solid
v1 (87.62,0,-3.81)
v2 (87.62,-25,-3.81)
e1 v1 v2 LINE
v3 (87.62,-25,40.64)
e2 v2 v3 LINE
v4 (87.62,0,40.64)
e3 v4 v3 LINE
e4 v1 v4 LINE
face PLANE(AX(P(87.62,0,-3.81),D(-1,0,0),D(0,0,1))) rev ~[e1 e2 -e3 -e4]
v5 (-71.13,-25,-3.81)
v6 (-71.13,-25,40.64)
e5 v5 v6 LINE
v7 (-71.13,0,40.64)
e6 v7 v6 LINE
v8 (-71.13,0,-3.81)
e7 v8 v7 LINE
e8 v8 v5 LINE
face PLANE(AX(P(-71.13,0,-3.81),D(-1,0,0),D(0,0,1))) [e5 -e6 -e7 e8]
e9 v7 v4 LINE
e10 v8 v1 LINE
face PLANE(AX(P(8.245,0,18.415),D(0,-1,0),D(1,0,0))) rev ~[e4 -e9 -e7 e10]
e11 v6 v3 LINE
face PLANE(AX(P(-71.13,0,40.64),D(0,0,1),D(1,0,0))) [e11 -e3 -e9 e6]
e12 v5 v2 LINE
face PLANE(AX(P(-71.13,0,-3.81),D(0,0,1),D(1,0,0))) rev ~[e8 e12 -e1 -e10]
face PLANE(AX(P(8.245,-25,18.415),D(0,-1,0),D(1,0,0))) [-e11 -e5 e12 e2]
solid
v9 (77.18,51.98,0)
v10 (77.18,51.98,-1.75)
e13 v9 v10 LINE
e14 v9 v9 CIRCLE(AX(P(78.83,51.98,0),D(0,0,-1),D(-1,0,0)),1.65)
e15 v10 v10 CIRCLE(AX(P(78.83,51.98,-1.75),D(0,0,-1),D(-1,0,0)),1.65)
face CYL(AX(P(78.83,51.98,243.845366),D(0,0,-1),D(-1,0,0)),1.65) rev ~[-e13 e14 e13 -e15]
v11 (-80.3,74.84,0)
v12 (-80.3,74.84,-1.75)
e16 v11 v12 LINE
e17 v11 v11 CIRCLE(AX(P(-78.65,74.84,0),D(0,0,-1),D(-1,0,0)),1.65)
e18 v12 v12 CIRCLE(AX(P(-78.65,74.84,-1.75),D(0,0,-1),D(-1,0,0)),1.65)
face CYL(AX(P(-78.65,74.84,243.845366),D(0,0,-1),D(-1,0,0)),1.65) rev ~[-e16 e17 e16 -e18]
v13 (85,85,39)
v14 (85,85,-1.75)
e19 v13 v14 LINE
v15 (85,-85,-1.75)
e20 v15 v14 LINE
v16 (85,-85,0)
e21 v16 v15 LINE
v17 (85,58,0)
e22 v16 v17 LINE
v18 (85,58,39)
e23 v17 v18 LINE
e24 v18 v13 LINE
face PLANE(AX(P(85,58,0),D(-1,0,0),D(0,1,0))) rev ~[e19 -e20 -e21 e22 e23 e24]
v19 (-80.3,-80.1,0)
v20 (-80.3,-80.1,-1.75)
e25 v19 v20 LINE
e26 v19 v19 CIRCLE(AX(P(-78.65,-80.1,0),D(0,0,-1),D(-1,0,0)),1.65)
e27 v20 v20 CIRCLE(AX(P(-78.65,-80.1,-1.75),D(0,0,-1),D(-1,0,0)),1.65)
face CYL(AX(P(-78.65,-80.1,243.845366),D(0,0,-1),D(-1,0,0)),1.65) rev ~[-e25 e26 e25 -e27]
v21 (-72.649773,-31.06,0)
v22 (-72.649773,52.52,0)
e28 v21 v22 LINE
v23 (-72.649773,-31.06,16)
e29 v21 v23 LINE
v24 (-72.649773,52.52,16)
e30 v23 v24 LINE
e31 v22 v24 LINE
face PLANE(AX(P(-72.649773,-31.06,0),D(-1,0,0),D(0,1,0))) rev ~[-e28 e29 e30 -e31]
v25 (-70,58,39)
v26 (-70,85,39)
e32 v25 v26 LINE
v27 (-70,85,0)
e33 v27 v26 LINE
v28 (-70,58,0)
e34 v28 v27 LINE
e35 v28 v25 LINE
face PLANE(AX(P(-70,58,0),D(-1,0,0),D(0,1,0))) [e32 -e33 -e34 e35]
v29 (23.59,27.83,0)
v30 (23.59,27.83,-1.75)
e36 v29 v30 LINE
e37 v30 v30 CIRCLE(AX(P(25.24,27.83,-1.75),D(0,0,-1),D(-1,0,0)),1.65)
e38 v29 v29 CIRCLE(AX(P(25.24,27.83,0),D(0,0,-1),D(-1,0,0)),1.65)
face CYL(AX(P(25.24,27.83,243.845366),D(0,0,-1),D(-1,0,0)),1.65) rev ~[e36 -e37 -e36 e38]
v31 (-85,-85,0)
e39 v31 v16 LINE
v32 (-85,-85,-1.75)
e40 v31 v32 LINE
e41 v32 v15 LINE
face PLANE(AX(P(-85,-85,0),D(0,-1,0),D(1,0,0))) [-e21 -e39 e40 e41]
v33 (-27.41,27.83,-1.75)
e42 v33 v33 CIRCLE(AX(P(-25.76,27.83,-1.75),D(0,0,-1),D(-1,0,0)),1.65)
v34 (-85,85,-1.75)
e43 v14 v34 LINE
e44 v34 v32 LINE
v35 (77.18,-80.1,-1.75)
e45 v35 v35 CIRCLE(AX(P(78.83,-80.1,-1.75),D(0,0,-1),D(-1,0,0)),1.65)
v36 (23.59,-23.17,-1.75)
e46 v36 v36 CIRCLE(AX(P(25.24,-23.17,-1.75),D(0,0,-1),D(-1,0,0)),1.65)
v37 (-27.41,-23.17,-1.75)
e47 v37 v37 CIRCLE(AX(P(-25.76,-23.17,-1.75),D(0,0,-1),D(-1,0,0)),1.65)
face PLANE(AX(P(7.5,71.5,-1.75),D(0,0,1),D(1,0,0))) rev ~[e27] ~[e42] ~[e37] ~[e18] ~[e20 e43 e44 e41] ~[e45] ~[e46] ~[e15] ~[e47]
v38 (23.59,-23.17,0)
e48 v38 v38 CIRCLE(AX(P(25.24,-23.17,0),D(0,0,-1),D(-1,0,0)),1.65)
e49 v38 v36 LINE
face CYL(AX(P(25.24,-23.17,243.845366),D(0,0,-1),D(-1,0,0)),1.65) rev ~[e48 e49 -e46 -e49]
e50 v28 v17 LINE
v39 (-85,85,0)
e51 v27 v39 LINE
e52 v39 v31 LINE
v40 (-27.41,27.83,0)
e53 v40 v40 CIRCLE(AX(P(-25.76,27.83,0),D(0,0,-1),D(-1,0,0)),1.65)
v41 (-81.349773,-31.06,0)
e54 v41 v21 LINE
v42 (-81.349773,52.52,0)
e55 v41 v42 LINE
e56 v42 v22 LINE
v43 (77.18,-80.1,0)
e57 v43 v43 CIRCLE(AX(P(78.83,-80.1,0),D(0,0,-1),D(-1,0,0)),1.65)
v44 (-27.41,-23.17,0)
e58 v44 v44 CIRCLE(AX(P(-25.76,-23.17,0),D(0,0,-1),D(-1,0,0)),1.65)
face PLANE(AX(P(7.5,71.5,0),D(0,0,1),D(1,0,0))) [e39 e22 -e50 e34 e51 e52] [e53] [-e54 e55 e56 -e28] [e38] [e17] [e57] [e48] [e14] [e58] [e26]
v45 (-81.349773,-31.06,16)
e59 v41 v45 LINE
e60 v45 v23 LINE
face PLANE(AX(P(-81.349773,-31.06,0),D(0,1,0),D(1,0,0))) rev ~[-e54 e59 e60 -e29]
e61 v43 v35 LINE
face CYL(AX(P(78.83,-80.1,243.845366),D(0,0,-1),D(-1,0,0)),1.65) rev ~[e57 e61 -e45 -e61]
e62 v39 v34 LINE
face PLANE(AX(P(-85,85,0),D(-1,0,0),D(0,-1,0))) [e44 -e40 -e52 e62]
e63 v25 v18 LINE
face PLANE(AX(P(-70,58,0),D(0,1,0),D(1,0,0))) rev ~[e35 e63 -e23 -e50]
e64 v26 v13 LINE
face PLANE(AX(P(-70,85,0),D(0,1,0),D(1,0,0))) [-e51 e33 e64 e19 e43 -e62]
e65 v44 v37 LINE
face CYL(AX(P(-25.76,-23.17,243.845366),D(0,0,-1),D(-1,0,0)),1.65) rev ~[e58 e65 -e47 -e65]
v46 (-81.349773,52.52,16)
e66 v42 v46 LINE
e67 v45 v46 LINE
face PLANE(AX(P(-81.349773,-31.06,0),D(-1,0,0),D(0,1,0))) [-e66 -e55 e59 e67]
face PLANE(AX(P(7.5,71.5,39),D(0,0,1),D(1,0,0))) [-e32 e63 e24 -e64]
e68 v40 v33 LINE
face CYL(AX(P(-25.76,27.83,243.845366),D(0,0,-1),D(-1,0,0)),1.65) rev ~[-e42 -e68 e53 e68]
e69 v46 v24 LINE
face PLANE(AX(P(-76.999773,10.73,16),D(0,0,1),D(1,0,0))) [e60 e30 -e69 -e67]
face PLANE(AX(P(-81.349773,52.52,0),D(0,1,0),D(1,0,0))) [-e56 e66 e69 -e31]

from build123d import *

# Parameters (mm, degrees)
F0_W       = 155
F0_H       = 27
F0_H_2     = 113
F0_H_3     = 30
F1_DEPTH   = 1.75
F2_W       = 8.7
F2_H       = 83.58
F3_DEPTH   = 16
F5_DEPTH   = 39
F6_D       = 3.3
F6_ON_F2_D = 3.3
F4_W       = 158.75
F4_H       = 44.45
F7_DEPTH   = 25


with BuildPart() as f1:
    # F0 (on Top) → F1 (new body)
    with BuildSketch(Plane.XY):
        with Locations((7.5, 71.5)):
            Rectangle(F0_W, F0_H)
        with Locations((7.5, 1.5)):
            Rectangle(F0_W, F0_H_2)
        Polygon((-85, 85), (-85, -85), (-70, -85), (-70, -55), (-70, 58), (-70, 85), align=None)
        with Locations((7.5, -70)):
            Rectangle(F0_W, F0_H_3)
    extrude(amount=-F1_DEPTH)

    # F2 (on face) → F3 (join)
    with BuildSketch(Plane.XY):
        with Locations((-76.9997725161, 10.73)):
            Rectangle(F2_W, F2_H)
    extrude(amount=F3_DEPTH)

    # F0 (on Top) → F5 (join)
    with BuildSketch(Plane.XY):
        with Locations((7.5, 71.5)):
            Rectangle(F0_W, F0_H)
    extrude(amount=F5_DEPTH)

    # F6 (through all)
    with Locations(Plane.XY):
        with Locations((-78.65, -80.1), (-78.65, 74.84), (78.83, -80.1), (78.83, 51.98)):
            Hole(F6_D / 2)

    # F6 on F2 (through all)
    with Locations(Plane.XY):
        with Locations((-25.76, -23.17), (25.24, -23.17), (25.24, 27.83), (-25.76, 27.83)):
            Hole(F6_ON_F2_D / 2)


with BuildPart() as f7:
    # F4 (on Front) → F7 (new body)
    with BuildSketch(Plane.XZ):
        with Locations((8.245, 18.415)):
            Rectangle(F4_W, F4_H)
    extrude(amount=F7_DEPTH)


solid = Compound([f1.part, f7.part])
